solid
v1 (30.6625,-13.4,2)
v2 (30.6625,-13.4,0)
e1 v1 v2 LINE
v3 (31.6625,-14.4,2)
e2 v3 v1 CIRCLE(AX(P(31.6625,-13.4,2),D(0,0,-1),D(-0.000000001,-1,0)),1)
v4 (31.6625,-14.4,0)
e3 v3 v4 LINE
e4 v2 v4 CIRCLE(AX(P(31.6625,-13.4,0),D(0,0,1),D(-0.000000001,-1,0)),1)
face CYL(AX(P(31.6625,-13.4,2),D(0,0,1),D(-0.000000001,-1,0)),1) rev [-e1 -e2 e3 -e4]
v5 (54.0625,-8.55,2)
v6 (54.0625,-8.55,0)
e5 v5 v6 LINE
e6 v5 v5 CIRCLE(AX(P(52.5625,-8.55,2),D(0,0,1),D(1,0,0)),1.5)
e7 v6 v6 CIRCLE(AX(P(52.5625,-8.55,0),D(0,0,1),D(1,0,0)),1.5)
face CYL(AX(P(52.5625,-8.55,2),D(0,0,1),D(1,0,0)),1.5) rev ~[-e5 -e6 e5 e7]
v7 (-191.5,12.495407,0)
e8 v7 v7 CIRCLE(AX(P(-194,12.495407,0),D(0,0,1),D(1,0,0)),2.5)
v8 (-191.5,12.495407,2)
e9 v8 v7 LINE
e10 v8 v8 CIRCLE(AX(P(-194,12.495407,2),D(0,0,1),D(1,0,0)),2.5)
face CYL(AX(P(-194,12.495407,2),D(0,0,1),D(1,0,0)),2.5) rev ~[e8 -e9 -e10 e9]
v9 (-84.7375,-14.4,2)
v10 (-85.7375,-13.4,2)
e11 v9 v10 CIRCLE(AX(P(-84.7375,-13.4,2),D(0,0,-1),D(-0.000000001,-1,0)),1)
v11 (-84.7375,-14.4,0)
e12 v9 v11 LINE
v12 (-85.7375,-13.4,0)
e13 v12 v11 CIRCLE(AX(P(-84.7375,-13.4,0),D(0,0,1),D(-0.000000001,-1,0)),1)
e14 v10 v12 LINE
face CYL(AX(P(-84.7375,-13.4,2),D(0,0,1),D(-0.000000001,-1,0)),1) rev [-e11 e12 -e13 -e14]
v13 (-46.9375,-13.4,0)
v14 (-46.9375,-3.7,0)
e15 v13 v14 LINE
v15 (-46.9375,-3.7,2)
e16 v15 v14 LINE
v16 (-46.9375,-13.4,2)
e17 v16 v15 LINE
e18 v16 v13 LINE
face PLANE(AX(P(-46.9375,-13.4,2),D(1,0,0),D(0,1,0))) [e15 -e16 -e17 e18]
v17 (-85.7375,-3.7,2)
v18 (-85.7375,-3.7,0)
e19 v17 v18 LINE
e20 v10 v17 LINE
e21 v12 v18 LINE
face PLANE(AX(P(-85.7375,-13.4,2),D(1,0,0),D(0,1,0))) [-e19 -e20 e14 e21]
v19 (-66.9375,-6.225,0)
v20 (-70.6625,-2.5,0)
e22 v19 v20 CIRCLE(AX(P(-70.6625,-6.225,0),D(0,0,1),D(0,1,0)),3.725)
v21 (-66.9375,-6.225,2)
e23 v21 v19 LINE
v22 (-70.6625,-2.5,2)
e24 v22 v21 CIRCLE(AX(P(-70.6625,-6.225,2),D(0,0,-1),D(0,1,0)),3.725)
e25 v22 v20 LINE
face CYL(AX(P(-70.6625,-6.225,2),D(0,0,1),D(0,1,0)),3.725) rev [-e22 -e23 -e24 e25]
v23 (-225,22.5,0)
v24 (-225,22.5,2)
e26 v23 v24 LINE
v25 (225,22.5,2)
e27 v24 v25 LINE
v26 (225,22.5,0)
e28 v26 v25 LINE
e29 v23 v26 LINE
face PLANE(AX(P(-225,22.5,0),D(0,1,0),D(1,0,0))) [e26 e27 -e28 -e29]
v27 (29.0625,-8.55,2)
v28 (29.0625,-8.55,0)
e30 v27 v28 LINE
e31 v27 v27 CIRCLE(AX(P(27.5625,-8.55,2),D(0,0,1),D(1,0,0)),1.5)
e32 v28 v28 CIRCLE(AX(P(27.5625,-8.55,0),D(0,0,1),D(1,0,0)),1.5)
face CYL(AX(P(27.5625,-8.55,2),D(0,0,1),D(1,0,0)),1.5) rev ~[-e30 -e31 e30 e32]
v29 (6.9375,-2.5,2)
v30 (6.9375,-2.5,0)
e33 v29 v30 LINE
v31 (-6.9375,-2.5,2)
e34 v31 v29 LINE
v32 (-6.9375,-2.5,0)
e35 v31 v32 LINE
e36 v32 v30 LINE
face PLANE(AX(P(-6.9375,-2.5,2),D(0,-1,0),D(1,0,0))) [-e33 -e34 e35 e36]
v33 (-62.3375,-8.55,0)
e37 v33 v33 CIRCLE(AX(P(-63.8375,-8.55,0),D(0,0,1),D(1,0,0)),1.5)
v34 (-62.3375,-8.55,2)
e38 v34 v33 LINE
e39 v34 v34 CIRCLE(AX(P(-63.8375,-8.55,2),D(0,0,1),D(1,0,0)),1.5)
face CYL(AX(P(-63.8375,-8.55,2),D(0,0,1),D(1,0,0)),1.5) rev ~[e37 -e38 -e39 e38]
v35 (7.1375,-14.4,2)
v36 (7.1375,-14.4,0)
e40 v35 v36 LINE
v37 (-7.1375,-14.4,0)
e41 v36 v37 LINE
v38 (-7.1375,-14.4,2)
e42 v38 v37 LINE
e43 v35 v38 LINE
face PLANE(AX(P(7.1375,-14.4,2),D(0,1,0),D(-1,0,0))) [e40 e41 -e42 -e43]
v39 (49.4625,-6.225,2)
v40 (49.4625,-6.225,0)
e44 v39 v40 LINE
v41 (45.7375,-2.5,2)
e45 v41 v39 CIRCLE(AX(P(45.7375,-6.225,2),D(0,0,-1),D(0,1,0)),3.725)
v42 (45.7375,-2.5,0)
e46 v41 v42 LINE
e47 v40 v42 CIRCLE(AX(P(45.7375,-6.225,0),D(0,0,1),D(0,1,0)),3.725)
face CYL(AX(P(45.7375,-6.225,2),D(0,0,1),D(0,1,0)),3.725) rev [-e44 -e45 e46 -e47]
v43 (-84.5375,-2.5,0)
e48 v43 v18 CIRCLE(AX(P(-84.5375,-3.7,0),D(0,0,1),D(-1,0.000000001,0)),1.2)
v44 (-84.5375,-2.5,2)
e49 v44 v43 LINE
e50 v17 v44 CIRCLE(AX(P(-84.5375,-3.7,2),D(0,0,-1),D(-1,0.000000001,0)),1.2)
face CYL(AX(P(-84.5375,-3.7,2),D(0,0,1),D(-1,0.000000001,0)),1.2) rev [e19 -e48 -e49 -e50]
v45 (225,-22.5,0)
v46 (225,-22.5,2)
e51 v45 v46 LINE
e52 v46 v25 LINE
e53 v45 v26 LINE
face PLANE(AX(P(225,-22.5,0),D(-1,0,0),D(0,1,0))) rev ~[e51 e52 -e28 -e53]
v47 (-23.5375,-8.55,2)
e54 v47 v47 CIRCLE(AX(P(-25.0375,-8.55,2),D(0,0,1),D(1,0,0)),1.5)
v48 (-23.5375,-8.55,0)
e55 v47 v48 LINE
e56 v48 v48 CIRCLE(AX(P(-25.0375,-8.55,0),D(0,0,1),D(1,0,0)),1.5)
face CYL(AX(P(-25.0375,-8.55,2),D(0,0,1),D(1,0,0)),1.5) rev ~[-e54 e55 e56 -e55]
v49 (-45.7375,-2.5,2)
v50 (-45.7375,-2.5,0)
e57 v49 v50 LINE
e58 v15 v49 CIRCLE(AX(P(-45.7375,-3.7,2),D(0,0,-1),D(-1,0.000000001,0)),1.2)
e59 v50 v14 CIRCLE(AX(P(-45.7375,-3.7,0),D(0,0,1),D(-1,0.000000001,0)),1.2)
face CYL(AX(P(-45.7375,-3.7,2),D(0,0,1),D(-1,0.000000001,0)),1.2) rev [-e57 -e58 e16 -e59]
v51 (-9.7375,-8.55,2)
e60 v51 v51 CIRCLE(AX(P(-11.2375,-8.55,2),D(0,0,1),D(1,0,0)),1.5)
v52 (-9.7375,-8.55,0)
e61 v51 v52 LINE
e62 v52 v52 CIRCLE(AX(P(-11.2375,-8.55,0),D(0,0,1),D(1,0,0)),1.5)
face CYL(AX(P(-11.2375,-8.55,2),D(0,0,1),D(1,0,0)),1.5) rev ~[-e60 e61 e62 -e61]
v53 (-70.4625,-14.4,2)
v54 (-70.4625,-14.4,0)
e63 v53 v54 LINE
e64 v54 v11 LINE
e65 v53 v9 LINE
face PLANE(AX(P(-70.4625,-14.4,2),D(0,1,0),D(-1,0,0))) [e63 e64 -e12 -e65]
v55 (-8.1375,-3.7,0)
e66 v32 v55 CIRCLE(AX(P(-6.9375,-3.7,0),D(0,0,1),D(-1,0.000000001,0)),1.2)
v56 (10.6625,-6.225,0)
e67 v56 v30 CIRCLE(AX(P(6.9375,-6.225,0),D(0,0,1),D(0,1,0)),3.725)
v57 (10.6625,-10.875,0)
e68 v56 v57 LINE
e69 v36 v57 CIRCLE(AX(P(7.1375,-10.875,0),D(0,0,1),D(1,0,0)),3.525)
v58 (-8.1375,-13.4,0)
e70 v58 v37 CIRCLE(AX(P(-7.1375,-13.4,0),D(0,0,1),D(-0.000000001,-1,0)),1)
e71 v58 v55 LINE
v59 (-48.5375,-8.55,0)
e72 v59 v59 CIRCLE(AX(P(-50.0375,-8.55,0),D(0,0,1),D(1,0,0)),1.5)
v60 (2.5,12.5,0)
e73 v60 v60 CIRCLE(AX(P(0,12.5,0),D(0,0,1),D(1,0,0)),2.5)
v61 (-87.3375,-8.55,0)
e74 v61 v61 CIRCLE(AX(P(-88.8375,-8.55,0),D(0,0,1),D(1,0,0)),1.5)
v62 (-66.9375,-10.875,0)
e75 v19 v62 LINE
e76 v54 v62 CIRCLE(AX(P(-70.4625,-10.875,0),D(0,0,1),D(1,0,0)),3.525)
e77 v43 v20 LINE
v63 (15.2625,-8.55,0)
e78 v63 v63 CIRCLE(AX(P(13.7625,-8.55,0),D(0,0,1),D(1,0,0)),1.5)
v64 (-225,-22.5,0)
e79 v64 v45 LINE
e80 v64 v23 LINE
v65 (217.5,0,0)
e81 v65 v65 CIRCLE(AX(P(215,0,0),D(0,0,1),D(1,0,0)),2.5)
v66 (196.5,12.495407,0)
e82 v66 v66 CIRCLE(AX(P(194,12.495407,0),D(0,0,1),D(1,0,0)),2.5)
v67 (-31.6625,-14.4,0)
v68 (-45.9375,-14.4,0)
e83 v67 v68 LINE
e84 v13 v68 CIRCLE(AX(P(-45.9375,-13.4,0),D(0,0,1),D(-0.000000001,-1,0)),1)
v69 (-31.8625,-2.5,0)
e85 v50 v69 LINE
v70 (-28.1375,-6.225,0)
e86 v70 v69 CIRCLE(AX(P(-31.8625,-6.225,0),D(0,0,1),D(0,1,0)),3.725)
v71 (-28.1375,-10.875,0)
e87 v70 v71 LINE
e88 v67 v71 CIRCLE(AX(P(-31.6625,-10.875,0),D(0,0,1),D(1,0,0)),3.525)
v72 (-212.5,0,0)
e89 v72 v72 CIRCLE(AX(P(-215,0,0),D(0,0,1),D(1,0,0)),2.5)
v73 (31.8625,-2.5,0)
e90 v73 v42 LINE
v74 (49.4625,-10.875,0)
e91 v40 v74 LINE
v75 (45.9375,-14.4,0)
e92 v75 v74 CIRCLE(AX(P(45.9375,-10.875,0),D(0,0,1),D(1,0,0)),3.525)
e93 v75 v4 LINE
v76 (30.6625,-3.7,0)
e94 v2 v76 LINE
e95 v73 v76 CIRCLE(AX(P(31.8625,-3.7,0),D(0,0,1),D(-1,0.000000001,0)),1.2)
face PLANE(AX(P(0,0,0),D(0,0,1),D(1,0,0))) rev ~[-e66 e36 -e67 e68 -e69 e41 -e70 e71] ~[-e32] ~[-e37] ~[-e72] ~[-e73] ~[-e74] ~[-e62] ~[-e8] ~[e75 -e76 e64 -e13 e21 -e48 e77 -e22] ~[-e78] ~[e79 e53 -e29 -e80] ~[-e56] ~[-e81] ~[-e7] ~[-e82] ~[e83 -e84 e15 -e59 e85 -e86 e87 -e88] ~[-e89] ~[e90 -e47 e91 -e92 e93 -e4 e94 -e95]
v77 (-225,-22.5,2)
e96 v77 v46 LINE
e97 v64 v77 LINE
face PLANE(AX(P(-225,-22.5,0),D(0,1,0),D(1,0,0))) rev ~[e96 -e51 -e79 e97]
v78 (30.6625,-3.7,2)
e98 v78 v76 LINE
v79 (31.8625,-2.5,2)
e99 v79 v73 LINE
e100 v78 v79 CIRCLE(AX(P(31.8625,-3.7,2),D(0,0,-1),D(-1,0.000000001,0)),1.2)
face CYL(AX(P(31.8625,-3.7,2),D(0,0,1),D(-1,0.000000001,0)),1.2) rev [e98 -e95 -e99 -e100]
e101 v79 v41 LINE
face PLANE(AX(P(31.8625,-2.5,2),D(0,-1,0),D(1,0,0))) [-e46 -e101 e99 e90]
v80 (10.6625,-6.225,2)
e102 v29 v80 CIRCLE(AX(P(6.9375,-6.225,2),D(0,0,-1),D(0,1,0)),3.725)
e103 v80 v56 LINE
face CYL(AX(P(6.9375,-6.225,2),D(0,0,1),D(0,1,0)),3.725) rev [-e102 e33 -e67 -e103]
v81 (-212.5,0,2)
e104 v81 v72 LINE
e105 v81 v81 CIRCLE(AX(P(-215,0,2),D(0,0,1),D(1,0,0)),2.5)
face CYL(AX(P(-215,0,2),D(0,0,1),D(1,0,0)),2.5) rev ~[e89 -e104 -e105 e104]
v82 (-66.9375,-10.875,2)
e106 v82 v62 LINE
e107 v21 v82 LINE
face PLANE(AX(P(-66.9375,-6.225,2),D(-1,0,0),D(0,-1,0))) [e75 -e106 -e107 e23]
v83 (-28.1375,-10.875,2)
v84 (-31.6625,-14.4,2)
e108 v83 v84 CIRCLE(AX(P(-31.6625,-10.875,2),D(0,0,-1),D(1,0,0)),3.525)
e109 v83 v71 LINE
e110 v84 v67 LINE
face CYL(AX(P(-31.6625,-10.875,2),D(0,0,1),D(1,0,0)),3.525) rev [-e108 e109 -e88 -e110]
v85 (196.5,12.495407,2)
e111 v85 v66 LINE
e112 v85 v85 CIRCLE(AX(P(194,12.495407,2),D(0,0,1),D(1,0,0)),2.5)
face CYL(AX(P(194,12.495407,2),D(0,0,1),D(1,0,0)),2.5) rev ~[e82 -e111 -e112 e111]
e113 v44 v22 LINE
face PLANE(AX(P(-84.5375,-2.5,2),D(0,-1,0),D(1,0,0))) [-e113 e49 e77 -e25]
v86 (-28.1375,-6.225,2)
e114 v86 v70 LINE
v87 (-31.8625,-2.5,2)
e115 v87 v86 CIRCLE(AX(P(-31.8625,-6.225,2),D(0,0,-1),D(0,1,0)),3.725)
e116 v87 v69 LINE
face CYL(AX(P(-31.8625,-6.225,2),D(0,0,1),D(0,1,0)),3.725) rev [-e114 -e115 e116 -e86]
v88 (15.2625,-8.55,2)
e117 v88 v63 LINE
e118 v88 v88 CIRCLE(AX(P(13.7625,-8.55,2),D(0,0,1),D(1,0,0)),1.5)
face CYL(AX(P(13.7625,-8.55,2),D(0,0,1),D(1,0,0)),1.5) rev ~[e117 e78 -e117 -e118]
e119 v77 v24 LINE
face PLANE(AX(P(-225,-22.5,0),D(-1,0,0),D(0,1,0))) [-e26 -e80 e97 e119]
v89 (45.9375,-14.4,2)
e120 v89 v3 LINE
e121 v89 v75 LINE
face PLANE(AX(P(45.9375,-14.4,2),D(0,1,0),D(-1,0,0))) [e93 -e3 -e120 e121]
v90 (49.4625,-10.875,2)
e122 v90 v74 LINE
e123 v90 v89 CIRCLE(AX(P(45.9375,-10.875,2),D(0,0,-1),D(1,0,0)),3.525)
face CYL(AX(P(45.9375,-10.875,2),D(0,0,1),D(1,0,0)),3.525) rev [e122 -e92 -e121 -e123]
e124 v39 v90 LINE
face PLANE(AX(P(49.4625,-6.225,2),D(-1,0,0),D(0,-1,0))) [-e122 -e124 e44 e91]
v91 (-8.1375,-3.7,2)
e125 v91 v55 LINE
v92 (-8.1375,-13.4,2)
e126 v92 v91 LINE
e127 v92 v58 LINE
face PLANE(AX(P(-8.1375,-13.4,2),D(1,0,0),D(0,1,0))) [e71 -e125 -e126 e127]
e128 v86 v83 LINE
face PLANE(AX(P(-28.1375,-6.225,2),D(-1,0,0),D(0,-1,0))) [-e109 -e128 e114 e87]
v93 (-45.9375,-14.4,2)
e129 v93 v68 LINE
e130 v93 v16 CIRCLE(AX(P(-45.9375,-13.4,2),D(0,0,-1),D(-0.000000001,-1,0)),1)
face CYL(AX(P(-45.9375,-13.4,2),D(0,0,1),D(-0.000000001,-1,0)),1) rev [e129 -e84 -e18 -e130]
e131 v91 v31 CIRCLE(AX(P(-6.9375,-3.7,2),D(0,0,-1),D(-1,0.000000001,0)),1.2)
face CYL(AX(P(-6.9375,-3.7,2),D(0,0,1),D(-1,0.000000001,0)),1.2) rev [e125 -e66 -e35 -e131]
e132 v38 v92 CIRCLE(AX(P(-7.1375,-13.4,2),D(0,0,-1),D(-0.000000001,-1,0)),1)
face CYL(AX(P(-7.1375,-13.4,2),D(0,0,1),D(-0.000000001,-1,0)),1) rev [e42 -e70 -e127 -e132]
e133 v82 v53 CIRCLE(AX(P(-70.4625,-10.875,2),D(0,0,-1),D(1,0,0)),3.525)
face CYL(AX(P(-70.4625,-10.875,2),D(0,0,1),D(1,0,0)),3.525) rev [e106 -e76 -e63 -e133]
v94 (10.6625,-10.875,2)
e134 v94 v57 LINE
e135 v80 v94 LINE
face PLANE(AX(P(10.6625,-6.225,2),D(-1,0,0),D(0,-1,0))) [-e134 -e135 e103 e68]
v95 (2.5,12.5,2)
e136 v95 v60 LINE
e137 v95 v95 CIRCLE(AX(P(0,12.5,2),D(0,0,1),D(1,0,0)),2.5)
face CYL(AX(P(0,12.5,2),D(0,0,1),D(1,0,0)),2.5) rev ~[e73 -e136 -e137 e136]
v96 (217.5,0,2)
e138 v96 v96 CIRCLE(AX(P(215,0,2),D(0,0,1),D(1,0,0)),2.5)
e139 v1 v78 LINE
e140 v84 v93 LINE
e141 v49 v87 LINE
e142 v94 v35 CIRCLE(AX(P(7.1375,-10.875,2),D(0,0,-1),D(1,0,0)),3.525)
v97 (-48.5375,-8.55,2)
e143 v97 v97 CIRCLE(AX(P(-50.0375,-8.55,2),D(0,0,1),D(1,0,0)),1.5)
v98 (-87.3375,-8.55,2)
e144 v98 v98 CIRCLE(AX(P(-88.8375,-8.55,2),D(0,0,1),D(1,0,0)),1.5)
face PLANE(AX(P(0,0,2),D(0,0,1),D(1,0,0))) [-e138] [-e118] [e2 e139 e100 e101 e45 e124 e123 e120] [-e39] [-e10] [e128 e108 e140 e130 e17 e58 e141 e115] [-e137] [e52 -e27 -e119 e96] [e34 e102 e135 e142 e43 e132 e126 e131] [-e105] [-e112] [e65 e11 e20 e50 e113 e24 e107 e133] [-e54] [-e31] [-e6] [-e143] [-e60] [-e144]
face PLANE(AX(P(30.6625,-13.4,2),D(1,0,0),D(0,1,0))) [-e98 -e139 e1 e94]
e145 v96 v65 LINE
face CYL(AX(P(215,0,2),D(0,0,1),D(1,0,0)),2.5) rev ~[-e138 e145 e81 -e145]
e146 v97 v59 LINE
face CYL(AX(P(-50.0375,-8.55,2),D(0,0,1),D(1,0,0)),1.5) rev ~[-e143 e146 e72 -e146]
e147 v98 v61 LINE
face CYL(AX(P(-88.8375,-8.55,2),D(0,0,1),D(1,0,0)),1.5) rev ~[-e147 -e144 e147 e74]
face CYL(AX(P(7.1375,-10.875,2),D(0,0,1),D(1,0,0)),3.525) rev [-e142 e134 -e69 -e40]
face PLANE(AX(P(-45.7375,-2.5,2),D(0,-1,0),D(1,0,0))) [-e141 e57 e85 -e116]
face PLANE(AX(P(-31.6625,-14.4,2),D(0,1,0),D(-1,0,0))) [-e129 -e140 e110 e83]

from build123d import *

# Parameters (mm, degrees)
SKETCH1_W           = 450
SKETCH1_H           = 45
BOSS_EXTRUDE1_DEPTH = 2
SKETCH2_R           = 1.5
CUT_EXTRUDE1_DEPTH  = 227.131046077
SKETCH3_R           = 2.5
CUT_EXTRUDE2_DEPTH  = 227.131046077


with BuildPart() as part:
    # Sketch1 → Boss-Extrude1 (new body)
    with BuildSketch(Plane.XY):
        Rectangle(SKETCH1_W, SKETCH1_H)
    extrude(amount=BOSS_EXTRUDE1_DEPTH)

    # Sketch2 → Cut-Extrude1 (cut, through all)
    with BuildSketch(Plane.XY.offset(2)):
        with Locations((-50.0375, -8.55)):
            Circle(SKETCH2_R)
        with Locations((-25.0375, -8.55)):
            Circle(SKETCH2_R)
        with Locations((-11.2375, -8.55)):
            Circle(SKETCH2_R)
        with Locations((13.7625, -8.55)):
            Circle(SKETCH2_R)
        with Locations((27.5625, -8.55)):
            Circle(SKETCH2_R)
        with Locations((52.5625, -8.55)):
            Circle(SKETCH2_R)
        with Locations((-88.8375, -8.55)):
            Circle(SKETCH2_R)
        with Locations((-63.8375, -8.55)):
            Circle(SKETCH2_R)
        with BuildLine():
            Line((-31.6625, -14.4), (-45.9375, -14.4))
            ThreePointArc((-45.9375, -14.4), (-46.644606781, -14.107106781), (-46.9375, -13.4))
            Line((-46.9375, -13.4), (-46.9375, -3.7))
            ThreePointArc((-46.9375, -3.7), (-46.586028137, -2.851471863), (-45.7375, -2.5))
            Line((-45.7375, -2.5), (-31.8625, -2.5))
            ThreePointArc((-31.8625, -2.5), (-29.22852724, -3.59102724), (-28.1375, -6.225))
            Line((-28.1375, -6.225), (-28.1375, -10.875))
            ThreePointArc((-28.1375, -10.875), (-29.169948596, -13.367551404), (-31.6625, -14.4))
        make_face()
        with BuildLine():
            Line((7.1375, -14.4), (-7.1375, -14.4))
            ThreePointArc((-7.1375, -14.4), (-7.844606781, -14.107106781), (-8.1375, -13.4))
            Line((-8.1375, -13.4), (-8.1375, -3.7))
            ThreePointArc((-8.1375, -3.7), (-7.786028137, -2.851471863), (-6.9375, -2.5))
            Line((-6.9375, -2.5), (6.9375, -2.5))
            ThreePointArc((6.9375, -2.5), (9.57147276, -3.59102724), (10.6625, -6.225))
            Line((10.6625, -6.225), (10.6625, -10.875))
            ThreePointArc((10.6625, -10.875), (9.630051404, -13.367551404), (7.1375, -14.4))
        make_face()
        with BuildLine():
            Line((45.9375, -14.4), (31.6625, -14.4))
            ThreePointArc((31.6625, -14.4), (30.955393219, -14.107106781), (30.6625, -13.4))
            Line((30.6625, -13.4), (30.6625, -3.7))
            ThreePointArc((30.6625, -3.7), (31.013971863, -2.851471863), (31.8625, -2.5))
            Line((31.8625, -2.5), (45.7375, -2.5))
            ThreePointArc((45.7375, -2.5), (48.37147276, -3.59102724), (49.4625, -6.225))
            Line((49.4625, -6.225), (49.4625, -10.875))
            ThreePointArc((49.4625, -10.875), (48.430051404, -13.367551404), (45.9375, -14.4))
        make_face()
        with BuildLine():
            Line((-70.4625, -14.4), (-84.7375, -14.4))
            ThreePointArc((-84.7375, -14.4), (-85.444606781, -14.107106781), (-85.7375, -13.4))
            Line((-85.7375, -13.4), (-85.7375, -3.7))
            ThreePointArc((-85.7375, -3.7), (-85.386028137, -2.851471863), (-84.5375, -2.5))
            Line((-84.5375, -2.5), (-70.6625, -2.5))
            ThreePointArc((-70.6625, -2.5), (-68.02852724, -3.59102724), (-66.9375, -6.225))
            Line((-66.9375, -6.225), (-66.9375, -10.875))
            ThreePointArc((-66.9375, -10.875), (-67.969948596, -13.367551404), (-70.4625, -14.4))
        make_face()
    extrude(amount=-CUT_EXTRUDE1_DEPTH, mode=Mode.SUBTRACT)

    # Sketch3 → Cut-Extrude2 (cut, through all)
    with BuildSketch(Plane.XY.offset(2)):
        with Locations((-215, 0)):
            Circle(SKETCH3_R)
        with Locations((215, 0)):
            Circle(SKETCH3_R)
        with Locations((-194, 12.495407459)):
            Circle(SKETCH3_R)
        with Locations((194, 12.495407459)):
            Circle(SKETCH3_R)
        with Locations((0, 12.5)):
            Circle(SKETCH3_R)
    extrude(amount=-CUT_EXTRUDE2_DEPTH, mode=Mode.SUBTRACT)


solid = part.part
